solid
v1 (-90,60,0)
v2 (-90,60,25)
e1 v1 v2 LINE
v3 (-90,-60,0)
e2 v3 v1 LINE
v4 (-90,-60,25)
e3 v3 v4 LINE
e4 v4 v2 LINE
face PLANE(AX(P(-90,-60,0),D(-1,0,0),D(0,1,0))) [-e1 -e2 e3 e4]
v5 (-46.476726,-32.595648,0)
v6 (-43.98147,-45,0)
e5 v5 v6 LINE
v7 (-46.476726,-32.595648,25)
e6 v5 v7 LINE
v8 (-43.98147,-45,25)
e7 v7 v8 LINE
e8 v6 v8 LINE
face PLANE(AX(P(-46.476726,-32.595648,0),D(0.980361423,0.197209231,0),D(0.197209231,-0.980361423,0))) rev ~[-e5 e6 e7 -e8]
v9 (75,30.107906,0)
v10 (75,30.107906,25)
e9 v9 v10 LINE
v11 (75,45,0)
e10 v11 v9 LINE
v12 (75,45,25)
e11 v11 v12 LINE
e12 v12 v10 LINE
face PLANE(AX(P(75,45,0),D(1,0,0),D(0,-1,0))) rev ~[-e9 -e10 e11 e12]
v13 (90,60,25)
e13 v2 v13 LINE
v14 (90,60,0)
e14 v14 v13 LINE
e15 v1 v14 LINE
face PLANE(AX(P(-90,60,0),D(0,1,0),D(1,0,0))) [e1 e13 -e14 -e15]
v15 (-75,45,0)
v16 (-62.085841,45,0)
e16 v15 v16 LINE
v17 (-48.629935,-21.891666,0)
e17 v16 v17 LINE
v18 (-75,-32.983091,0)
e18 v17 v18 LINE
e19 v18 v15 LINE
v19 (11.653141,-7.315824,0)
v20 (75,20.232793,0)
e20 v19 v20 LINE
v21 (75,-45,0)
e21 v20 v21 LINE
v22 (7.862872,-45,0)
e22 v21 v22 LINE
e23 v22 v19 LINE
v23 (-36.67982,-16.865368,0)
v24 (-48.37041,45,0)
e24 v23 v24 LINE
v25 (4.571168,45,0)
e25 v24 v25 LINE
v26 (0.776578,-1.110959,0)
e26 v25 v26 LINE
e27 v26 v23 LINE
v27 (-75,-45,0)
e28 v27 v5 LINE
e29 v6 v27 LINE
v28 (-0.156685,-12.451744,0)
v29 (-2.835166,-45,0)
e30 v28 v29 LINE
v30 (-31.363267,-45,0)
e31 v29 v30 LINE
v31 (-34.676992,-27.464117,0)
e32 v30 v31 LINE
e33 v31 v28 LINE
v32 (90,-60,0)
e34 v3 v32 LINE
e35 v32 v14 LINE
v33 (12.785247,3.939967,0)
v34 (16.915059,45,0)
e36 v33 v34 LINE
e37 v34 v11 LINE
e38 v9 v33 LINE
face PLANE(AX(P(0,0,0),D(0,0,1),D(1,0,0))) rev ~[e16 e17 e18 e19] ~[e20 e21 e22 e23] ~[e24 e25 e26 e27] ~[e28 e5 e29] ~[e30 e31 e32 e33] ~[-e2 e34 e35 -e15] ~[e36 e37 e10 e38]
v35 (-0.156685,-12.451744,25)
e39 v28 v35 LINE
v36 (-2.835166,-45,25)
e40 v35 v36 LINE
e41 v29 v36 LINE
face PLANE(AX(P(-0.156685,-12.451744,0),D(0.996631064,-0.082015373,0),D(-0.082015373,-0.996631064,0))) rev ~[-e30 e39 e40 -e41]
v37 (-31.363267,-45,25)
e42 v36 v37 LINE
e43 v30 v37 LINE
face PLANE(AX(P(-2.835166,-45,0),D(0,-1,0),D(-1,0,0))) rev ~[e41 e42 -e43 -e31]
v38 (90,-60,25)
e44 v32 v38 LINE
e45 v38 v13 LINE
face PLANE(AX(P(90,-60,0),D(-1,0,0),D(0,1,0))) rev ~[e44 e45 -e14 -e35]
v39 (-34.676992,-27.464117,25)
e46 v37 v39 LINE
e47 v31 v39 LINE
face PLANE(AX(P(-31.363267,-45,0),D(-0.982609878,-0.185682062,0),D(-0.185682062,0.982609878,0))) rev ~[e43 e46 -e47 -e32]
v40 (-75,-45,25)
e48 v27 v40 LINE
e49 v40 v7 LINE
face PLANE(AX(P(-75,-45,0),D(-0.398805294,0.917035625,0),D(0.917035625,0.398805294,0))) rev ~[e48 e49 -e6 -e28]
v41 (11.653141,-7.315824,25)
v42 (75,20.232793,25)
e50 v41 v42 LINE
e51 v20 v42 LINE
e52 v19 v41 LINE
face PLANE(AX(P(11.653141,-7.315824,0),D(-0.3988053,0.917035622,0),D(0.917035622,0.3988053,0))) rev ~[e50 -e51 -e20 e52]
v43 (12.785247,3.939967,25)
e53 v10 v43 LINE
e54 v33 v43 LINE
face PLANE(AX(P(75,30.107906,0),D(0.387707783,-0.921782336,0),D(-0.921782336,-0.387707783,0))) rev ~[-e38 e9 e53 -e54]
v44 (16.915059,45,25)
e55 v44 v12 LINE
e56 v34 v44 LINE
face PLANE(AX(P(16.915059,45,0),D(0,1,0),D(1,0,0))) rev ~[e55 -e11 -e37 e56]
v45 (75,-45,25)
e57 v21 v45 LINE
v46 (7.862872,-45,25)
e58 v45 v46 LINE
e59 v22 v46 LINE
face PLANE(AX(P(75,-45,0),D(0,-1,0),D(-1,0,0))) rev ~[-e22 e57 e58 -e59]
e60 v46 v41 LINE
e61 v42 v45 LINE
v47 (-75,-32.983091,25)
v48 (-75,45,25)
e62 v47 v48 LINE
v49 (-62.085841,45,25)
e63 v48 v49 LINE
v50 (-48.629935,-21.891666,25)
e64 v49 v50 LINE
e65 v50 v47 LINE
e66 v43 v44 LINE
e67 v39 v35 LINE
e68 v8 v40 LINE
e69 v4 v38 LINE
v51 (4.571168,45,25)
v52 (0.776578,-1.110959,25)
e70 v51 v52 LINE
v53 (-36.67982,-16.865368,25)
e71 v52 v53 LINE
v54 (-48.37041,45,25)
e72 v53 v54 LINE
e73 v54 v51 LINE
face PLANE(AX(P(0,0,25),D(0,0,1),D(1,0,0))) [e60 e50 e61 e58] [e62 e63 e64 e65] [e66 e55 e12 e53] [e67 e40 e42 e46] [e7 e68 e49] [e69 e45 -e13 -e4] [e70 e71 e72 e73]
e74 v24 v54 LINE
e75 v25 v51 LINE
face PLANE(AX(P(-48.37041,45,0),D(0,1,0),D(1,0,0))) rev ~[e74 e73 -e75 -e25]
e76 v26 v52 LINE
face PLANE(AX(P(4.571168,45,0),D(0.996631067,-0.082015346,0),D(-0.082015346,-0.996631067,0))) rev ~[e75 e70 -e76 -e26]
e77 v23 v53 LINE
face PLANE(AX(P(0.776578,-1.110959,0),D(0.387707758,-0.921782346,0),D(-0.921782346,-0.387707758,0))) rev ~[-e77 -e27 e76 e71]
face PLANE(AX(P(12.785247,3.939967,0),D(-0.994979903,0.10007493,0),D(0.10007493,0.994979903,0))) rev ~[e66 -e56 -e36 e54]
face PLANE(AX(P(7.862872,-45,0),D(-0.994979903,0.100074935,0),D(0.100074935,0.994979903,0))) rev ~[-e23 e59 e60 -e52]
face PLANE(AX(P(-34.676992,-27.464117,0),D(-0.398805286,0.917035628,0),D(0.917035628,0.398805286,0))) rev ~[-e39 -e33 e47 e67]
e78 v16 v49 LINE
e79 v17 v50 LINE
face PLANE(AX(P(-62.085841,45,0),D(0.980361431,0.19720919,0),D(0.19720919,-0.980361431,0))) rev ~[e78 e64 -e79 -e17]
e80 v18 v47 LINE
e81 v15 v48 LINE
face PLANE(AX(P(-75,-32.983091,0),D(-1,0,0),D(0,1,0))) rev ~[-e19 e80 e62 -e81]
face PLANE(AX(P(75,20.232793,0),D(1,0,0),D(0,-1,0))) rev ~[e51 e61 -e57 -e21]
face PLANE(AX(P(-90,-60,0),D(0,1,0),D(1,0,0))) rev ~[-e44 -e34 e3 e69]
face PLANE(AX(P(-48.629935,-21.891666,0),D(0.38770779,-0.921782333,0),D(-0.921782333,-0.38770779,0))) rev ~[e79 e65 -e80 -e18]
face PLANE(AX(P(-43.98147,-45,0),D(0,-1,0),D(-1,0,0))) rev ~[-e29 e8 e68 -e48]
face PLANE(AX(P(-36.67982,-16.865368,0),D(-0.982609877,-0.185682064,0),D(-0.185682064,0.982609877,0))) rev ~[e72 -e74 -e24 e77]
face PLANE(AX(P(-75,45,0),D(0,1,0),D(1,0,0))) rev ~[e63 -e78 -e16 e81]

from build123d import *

# Parameters (mm, degrees)
F0_W     = 180
F0_H     = 120
F1_DEPTH = 25


with BuildPart() as f1:
    # F0 (on Top) → F1 (new body)
    with BuildSketch(Plane.XY):
        Rectangle(F0_W, F0_H)
        Polygon((-46.476726, -32.595648), (-43.98147, -45), (-75, -45), align=None, mode=Mode.SUBTRACT)
        Polygon((-0.156685, -12.451744), (-2.835166, -45), (-31.363267, -45), (-34.676992, -27.464117), align=None, mode=Mode.SUBTRACT)
        Polygon((75, 20.232793), (75, -45), (7.862872, -45), (11.653141, -7.315824), align=None, mode=Mode.SUBTRACT)
        Polygon((-75, -32.983091), (-75, 45), (-62.085841, 45), (-48.629935, -21.891666), align=None, mode=Mode.SUBTRACT)
        Polygon((-36.67982, -16.865368), (-48.37041, 45), (4.571168, 45), (0.776578, -1.110959), align=None, mode=Mode.SUBTRACT)
        Polygon((16.915059, 45), (75, 45), (75, 30.107906), (12.785247, 3.939967), align=None, mode=Mode.SUBTRACT)
    extrude(amount=F1_DEPTH)


solid = f1.part
